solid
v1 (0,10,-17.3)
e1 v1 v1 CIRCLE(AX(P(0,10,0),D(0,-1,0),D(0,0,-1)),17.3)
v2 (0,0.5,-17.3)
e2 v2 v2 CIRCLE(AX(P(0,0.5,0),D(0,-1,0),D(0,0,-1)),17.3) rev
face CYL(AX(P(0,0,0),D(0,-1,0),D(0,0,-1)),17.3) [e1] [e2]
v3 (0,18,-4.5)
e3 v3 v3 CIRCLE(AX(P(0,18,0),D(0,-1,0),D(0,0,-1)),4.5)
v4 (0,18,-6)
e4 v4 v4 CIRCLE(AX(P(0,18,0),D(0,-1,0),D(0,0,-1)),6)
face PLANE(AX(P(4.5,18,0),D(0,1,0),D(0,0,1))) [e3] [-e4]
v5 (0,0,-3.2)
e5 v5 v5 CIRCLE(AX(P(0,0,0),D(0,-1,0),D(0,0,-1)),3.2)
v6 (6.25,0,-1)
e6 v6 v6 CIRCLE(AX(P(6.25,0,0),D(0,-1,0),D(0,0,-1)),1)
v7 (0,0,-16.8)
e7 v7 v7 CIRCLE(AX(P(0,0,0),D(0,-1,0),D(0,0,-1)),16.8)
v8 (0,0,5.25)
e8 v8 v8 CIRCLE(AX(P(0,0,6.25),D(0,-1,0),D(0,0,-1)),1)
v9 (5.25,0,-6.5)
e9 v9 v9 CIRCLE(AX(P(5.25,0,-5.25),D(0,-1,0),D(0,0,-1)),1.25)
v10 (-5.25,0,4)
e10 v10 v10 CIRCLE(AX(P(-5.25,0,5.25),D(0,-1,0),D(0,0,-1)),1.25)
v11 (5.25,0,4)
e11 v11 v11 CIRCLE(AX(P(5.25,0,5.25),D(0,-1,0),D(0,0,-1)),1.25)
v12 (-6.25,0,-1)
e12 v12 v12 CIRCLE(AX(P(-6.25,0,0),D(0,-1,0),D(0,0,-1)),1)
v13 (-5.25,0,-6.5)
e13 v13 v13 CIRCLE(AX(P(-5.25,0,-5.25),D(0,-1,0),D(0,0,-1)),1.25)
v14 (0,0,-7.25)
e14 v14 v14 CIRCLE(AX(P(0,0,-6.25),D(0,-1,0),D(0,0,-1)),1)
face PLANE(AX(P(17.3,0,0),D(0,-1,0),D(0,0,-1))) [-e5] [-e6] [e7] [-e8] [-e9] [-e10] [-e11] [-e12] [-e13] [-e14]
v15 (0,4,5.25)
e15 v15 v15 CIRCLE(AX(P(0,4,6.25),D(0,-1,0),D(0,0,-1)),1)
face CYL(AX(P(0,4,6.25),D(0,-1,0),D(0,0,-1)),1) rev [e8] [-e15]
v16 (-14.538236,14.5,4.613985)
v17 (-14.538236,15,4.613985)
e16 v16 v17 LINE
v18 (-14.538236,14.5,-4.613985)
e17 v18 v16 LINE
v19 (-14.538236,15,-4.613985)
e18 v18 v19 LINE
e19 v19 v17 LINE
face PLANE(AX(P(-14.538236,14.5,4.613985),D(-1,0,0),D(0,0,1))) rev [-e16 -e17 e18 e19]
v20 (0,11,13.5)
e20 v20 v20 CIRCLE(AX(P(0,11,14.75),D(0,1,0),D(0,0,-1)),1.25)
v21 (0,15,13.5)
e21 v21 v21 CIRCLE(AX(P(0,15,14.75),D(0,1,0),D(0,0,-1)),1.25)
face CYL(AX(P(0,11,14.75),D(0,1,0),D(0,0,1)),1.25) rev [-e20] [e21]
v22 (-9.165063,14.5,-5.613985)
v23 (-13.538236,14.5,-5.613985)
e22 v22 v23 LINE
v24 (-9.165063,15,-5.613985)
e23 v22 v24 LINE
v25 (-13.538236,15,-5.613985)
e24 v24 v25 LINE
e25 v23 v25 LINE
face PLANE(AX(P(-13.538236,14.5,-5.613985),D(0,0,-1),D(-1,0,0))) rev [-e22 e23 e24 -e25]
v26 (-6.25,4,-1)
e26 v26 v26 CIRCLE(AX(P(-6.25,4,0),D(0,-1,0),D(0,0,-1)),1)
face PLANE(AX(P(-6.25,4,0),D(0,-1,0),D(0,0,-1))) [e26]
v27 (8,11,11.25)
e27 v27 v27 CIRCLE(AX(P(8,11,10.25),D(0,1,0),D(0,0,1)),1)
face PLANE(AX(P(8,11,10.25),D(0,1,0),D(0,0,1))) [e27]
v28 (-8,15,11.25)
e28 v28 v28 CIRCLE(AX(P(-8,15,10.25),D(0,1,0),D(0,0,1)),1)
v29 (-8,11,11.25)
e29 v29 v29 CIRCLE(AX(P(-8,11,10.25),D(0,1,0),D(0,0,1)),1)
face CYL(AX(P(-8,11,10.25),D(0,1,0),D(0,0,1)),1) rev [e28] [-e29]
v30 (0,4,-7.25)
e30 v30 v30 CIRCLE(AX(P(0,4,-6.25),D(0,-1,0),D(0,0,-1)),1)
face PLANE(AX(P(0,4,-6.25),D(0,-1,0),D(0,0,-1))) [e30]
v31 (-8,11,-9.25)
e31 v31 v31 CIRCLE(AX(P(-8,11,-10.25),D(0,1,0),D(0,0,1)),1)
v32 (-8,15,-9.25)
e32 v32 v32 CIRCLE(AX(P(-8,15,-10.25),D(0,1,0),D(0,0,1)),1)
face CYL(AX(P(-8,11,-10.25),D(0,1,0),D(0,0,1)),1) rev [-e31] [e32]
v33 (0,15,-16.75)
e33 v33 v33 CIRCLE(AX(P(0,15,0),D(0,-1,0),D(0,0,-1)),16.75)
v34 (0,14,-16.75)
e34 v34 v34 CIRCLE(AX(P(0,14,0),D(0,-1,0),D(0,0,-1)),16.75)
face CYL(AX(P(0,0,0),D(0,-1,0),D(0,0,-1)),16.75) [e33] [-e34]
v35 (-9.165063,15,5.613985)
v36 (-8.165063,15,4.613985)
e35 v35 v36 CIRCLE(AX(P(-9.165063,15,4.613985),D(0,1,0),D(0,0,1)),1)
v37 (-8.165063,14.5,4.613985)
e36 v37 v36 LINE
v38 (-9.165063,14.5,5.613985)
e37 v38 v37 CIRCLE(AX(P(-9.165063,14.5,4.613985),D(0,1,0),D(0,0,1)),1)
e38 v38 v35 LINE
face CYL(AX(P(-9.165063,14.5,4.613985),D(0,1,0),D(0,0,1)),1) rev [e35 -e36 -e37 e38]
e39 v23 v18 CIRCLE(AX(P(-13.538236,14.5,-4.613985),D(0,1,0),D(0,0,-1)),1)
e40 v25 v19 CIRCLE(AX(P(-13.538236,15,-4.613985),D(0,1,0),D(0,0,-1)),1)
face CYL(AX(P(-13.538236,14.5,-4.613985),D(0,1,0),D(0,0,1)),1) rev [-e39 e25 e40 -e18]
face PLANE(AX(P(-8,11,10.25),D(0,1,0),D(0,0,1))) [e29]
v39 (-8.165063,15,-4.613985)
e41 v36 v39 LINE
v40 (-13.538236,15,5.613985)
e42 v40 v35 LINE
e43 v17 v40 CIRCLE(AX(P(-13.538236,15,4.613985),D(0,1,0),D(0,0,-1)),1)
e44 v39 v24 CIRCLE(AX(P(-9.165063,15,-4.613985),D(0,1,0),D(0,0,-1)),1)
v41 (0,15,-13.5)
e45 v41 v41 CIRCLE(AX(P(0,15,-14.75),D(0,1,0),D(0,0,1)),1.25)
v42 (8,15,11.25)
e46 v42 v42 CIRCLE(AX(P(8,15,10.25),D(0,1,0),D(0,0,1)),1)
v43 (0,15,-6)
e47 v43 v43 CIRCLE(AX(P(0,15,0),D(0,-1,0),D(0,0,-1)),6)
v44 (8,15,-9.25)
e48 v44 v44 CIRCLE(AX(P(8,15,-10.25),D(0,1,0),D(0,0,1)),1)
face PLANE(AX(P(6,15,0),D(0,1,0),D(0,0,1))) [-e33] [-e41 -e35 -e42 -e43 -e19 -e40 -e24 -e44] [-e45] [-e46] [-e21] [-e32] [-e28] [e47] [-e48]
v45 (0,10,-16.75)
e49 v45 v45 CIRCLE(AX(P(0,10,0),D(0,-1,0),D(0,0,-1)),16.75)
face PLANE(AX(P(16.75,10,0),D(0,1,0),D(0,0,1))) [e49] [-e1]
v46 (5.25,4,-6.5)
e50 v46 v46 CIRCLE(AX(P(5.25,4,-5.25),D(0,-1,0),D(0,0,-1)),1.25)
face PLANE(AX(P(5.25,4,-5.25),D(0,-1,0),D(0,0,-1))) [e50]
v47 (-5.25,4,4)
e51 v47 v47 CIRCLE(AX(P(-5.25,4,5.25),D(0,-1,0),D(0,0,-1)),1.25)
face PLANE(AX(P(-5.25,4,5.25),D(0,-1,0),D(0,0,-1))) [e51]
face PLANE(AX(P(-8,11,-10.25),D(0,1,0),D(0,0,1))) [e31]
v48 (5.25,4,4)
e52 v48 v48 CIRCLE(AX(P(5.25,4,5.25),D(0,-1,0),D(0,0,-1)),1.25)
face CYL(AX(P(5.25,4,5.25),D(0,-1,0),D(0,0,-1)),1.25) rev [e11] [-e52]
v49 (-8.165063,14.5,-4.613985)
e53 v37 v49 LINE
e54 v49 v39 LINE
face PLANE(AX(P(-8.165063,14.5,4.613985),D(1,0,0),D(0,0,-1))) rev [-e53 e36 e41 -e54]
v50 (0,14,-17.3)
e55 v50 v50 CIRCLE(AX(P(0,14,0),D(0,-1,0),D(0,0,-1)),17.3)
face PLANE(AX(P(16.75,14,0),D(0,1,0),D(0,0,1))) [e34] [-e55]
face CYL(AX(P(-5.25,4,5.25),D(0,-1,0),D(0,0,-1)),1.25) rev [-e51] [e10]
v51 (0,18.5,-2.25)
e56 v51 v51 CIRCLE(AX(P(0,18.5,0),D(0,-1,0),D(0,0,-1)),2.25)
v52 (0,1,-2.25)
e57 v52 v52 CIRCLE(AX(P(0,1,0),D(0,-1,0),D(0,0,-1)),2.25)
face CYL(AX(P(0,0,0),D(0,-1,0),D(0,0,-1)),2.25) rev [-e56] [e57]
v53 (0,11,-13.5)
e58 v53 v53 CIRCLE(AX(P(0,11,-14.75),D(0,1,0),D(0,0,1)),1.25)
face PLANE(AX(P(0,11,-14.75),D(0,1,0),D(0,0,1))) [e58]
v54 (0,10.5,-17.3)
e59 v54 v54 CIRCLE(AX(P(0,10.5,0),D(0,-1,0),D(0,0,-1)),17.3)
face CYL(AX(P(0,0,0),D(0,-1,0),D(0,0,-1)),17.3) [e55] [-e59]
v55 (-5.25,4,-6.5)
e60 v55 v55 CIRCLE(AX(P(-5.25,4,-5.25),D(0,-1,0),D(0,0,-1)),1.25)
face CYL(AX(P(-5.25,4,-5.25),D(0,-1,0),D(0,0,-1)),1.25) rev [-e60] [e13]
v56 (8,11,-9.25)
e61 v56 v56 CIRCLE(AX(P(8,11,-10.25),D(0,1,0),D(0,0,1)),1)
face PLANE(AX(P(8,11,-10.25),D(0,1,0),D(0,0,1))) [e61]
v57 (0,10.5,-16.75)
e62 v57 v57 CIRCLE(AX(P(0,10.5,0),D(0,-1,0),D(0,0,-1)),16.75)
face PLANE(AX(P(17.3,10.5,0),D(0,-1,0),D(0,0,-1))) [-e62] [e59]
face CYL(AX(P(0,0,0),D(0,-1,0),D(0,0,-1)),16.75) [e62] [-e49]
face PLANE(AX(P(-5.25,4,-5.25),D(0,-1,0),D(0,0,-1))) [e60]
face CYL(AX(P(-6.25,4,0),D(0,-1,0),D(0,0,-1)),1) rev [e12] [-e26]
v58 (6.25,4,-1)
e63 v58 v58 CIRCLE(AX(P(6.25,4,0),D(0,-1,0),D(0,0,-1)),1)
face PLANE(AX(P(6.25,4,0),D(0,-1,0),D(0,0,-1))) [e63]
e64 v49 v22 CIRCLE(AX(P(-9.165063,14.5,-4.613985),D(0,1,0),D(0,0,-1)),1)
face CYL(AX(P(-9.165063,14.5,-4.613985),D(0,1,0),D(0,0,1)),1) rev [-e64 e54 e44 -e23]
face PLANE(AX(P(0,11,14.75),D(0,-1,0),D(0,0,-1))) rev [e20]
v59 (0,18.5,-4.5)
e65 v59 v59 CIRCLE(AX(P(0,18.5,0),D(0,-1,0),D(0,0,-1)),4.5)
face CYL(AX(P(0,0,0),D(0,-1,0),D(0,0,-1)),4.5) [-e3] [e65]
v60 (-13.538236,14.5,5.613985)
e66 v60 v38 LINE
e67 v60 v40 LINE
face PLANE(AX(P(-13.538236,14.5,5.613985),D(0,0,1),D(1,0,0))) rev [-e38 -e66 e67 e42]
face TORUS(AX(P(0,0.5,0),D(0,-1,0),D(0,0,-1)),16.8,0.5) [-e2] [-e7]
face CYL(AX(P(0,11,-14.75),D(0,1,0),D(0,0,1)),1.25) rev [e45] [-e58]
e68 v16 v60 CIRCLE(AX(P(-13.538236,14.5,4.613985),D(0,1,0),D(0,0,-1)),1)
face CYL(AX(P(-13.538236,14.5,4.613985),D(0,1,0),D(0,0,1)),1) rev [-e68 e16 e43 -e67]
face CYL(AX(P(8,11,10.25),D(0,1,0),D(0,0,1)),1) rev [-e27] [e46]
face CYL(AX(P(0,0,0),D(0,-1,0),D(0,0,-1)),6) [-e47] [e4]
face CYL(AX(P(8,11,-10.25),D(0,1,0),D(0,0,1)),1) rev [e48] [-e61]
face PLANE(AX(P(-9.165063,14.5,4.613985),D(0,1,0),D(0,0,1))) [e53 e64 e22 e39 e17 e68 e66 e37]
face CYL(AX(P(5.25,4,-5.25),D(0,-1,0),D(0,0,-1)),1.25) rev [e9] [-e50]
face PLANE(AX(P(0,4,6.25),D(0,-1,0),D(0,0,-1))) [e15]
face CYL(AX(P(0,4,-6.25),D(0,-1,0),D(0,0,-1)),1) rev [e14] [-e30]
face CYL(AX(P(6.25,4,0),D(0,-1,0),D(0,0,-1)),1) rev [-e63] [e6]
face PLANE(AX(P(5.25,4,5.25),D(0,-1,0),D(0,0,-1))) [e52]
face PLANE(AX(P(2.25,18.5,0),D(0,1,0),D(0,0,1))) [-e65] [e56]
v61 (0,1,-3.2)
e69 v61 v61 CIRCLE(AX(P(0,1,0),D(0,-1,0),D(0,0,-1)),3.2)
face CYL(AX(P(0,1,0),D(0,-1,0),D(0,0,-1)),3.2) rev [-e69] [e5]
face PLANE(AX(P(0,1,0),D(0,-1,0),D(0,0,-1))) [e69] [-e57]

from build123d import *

# Parameters (mm, degrees)
FILLET_1_R          = 0.5
SKETCH_2_R          = 1
SKETCH_2_R_2        = 1.25
CUT_EXTRUDE_1_DEPTH = 4
SKETCH_3_R          = 1
SKETCH_3_R_2        = 1.25
CUT_EXTRUDE_2_DEPTH = 4
SKETCH_4_R          = 3.2
CUT_EXTRUDE_3_DEPTH = 1
CUT_EXTRUDE_4_DEPTH = 0.5


with BuildPart() as part:
    # 草图1 → 旋转1 (revolve)
    with BuildSketch(Plane.XY, mode=Mode.PRIVATE) as revolve_1_sk:
        Polygon((2.25, 0), (2.25, 18.5), (4.5, 18.5), (4.5, 18), (6, 18), (6, 15), (16.75, 15), (16.75, 14), (17.3, 14), (17.3, 10.5), (16.75, 10.5), (16.75, 10), (17.3, 10), (17.3, 0), align=None)
    revolve(revolve_1_sk.sketch.rotate(Axis((0, 0, 0), (0, 1, 0)), 90), axis=Axis((0, 0, 0), (0, 1, 0)))

    # 圆角1
    fillet_1_edges = [part.edges().sort_by_distance(p)[0] for p in [
        (0, 0, 17.3),
    ]]
    fillet(fillet_1_edges, radius=FILLET_1_R)

    # 草图2 → 切除-拉伸1 (cut)
    with BuildSketch(Plane(origin=(0, 15, 0), x_dir=(1, 0, 0), z_dir=(0, 1, 0))):
        with Locations(Location((-8, 10.25, 0), (0, 0, 270))):
            Circle(SKETCH_2_R)
        with Locations(Location((8, 10.25, 0), (0, 0, 270))):
            Circle(SKETCH_2_R)
        with Locations(Location((8, -10.25, 0), (0, 0, 270))):
            Circle(SKETCH_2_R)
        with Locations(Location((-8, -10.25, 0), (0, 0, 270))):
            Circle(SKETCH_2_R)
        with Locations(Location((0, 14.75, 0), (0, 0, 270))):
            Circle(SKETCH_2_R_2)
        with Locations(Location((0, -14.75, 0), (0, 0, 90))):
            Circle(SKETCH_2_R_2)
    extrude(amount=-CUT_EXTRUDE_1_DEPTH, mode=Mode.SUBTRACT)

    # 草图3 → 切除-拉伸2 (cut)
    with BuildSketch(Plane.XZ):
        with Locations(Location((0, 6.25, 0), (0, 0, 270))):
            Circle(SKETCH_3_R)
        with Locations(Location((5.25, 5.25, 0), (0, 0, 270))):
            Circle(SKETCH_3_R_2)
        with Locations(Location((6.25, 0, 0), (0, 0, 270))):
            Circle(SKETCH_3_R)
        with Locations(Location((5.25, -5.25, 0), (0, 0, 270))):
            Circle(SKETCH_3_R_2)
        with Locations(Location((0, -6.25, 0), (0, 0, 270))):
            Circle(SKETCH_3_R)
        with Locations(Location((-5.25, -5.25, 0), (0, 0, 270))):
            Circle(SKETCH_3_R_2)
        with Locations(Location((-6.25, 0, 0), (0, 0, 270))):
            Circle(SKETCH_3_R)
        with Locations(Location((-5.25, 5.25, 0), (0, 0, 270))):
            Circle(SKETCH_3_R_2)
    extrude(amount=-CUT_EXTRUDE_2_DEPTH, mode=Mode.SUBTRACT)

    # 草图4 → 切除-拉伸3 (cut)
    with BuildSketch(Plane.XZ):
        with Locations(Location((0, 0, 0), (0, 0, 270))):
            Circle(SKETCH_4_R)
    extrude(amount=-CUT_EXTRUDE_3_DEPTH, mode=Mode.SUBTRACT)

    # 草图5 → 切除-拉伸4 (cut)
    with BuildSketch(Plane(origin=(0, 15, 0), x_dir=(1, 0, 0), z_dir=(0, 1, 0))):
        with BuildLine():
            Line((-13.538235609, -5.613985367), (-9.165063111, -5.613985367))
            ThreePointArc((-9.165063111, -5.613985367), (-8.45795633, -5.321092149), (-8.165063111, -4.613985367))
            Line((-8.165063111, -4.613985367), (-8.165063111, 4.613985367))
            ThreePointArc((-8.165063111, 4.613985367), (-8.45795633, 5.321092149), (-9.165063111, 5.613985367))
            Line((-9.165063111, 5.613985367), (-13.538235609, 5.613985367))
            ThreePointArc((-13.538235609, 5.613985367), (-14.245342391, 5.321092149), (-14.538235609, 4.613985367))
            Line((-14.538235609, 4.613985367), (-14.538235609, -4.613985367))
            ThreePointArc((-14.538235609, -4.613985367), (-14.245342391, -5.321092149), (-13.538235609, -5.613985367))
        make_face()
    extrude(amount=-CUT_EXTRUDE_4_DEPTH, mode=Mode.SUBTRACT)


solid = part.part
